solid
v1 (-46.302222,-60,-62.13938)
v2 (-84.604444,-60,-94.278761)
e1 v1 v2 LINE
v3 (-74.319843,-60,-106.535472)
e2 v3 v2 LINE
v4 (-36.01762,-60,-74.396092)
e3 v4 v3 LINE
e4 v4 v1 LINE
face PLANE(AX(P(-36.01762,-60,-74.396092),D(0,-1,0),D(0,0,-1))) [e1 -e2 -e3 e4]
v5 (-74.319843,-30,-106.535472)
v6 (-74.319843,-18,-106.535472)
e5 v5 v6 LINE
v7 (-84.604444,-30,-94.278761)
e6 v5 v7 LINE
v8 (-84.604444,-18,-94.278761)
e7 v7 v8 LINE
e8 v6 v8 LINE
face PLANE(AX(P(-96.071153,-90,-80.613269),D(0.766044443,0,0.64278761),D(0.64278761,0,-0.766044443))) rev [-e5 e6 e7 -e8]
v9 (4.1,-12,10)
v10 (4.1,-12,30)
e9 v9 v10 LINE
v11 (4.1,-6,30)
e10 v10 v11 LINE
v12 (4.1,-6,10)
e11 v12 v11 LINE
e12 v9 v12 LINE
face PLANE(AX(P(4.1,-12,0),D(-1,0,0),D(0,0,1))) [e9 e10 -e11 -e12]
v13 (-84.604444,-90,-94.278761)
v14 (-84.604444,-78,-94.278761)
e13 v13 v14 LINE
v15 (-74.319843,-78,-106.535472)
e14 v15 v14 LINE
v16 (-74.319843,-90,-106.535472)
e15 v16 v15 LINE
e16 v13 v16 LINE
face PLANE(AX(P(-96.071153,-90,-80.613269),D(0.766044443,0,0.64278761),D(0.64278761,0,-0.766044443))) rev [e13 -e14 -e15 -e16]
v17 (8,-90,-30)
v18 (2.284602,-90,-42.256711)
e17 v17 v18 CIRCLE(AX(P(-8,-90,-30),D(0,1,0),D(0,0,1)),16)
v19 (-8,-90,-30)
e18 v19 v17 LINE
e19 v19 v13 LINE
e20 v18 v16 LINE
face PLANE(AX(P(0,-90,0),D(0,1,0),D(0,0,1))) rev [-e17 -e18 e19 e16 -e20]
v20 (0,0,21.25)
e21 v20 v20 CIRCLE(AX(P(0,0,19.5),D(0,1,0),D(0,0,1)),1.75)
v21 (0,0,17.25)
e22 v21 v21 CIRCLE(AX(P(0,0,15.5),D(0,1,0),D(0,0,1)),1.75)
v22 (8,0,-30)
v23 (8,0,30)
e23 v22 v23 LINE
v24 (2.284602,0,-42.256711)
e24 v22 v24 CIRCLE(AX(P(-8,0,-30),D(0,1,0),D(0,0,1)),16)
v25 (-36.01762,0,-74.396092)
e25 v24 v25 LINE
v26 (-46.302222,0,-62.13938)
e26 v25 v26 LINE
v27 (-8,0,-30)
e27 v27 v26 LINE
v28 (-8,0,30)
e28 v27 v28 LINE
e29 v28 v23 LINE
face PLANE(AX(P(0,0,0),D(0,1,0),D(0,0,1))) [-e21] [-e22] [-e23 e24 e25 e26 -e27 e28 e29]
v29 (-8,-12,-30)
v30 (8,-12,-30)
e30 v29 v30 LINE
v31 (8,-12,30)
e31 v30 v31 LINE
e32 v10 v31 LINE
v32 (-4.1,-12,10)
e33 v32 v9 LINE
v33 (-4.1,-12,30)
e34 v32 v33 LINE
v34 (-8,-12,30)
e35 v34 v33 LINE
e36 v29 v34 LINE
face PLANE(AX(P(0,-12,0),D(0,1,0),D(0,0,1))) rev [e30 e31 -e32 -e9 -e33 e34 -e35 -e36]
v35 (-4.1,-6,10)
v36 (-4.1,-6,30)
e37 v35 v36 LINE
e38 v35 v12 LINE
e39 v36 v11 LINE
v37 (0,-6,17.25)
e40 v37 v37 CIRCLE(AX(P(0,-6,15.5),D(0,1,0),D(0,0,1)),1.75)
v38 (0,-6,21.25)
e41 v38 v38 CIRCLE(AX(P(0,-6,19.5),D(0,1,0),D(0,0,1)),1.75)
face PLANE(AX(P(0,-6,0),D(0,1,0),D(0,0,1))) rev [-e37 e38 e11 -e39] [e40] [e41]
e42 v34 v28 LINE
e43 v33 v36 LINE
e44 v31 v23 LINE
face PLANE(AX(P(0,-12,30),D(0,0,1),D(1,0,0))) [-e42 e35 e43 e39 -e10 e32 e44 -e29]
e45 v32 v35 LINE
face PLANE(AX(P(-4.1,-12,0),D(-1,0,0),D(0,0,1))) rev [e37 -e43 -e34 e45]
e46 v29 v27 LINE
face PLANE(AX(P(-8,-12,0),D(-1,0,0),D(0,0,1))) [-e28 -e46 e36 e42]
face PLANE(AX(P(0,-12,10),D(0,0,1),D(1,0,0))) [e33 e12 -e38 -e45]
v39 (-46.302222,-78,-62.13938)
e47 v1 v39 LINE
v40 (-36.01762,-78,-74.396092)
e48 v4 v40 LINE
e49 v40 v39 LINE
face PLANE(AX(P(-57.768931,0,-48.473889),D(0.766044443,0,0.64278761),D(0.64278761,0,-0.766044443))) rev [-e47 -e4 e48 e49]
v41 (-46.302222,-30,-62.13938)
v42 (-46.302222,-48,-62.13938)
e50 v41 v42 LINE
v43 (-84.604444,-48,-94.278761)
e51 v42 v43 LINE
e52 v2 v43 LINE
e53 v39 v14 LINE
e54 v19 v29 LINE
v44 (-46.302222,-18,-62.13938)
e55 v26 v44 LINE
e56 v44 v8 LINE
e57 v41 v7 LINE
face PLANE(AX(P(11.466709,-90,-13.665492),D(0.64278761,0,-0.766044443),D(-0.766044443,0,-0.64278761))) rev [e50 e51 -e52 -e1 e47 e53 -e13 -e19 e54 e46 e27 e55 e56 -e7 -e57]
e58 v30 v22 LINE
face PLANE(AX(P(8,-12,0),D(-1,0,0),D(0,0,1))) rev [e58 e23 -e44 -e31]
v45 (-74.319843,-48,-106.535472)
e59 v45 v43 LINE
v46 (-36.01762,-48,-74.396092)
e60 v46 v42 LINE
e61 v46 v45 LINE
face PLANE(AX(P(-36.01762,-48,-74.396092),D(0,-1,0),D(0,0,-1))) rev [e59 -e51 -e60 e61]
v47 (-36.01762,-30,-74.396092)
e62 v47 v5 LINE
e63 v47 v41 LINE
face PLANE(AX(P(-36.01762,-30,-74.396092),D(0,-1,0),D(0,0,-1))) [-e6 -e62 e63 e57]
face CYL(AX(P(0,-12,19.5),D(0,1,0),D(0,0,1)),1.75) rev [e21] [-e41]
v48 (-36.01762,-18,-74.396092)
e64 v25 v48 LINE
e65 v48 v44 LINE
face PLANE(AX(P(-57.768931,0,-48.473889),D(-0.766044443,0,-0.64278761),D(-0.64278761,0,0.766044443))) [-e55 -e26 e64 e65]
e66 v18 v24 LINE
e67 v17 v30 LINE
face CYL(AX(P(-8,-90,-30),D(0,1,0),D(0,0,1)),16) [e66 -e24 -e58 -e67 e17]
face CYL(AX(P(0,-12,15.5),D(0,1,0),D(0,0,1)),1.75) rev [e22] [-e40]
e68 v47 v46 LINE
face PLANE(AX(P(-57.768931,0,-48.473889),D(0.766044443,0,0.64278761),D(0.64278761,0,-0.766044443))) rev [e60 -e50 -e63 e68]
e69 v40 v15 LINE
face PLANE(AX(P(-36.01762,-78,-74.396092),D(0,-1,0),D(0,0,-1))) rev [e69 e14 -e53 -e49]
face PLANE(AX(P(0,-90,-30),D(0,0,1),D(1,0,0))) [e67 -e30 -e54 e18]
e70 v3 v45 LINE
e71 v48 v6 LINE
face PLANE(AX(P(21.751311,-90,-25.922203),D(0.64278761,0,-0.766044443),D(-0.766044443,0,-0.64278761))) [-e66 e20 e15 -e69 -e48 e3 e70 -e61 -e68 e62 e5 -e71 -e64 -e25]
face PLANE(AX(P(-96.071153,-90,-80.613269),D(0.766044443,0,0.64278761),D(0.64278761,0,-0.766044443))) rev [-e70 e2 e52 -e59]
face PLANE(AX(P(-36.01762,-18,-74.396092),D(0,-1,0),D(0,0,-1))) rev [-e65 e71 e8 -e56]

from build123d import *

# Parameters (mm, degrees)
SKETCH_1_W          = 16
SKETCH_1_H          = 60
EXTRUDE_1_DEPTH     = 12
EXTRUDE_2_DEPTH     = 90
SKETCH_3_W          = 16
SKETCH_3_H          = 18
CUT_EXTRUDE_2_DEPTH = 50
CUT_EXTRUDE_START   = -6
CUT_EXTRUDE_3_DEPTH = 6
SKETCH_2_4_R        = 1.75
CUT_EXTRUDE_4_DEPTH = 12


with BuildPart() as part:
    # 草图1 → 凸台-拉伸1 (new body)
    with BuildSketch(Plane(origin=(0, 0, 0), x_dir=(1, 0, 0), z_dir=(0, 1, 0))):
        Rectangle(SKETCH_1_W, SKETCH_1_H)
    extrude(amount=-EXTRUDE_1_DEPTH)

    # 草图1<4> → 凸台-拉伸2 (add)
    with BuildSketch(Plane(origin=(0, 0, 0), x_dir=(1, 0, 0), z_dir=(0, 1, 0))):
        with BuildLine():
            Line((-84.604444312, 94.278760969), (-8, 30))
            Line((-8, 30), (8, 30))
            ThreePointArc((8, 30), (6.500924593, 36.761892188), (2.284601755, 42.25671109))
            Line((2.284601755, 42.25671109), (-74.319842557, 106.535472059))
            Line((-74.319842557, 106.535472059), (-84.604444312, 94.278760969))
        make_face()
    extrude(amount=-EXTRUDE_2_DEPTH)

    # 草图3 → 切除-拉伸2 (cut)
    with BuildSketch(Plane(origin=(-96.071153318, 0, -80.613269316), x_dir=(-0.6427876096865492, 0, 0.7660444431189698), z_dir=(-0.7660444431189698, 0, -0.6427876096865492))):
        with Locations((-25.839032416, -9)):
            Rectangle(SKETCH_3_W, SKETCH_3_H)
        with Locations((-25.839032416, -39)):
            Rectangle(SKETCH_3_W, SKETCH_3_H)
        with Locations((-25.839032416, -69)):
            Rectangle(SKETCH_3_W, SKETCH_3_H)
    extrude(amount=-CUT_EXTRUDE_2_DEPTH, mode=Mode.SUBTRACT)

    # 草图2 → 切除-拉伸3 (cut)
    with BuildSketch(Plane(origin=(0, 0, 0), x_dir=(1, 0, 0), z_dir=(0, 1, 0)).offset(CUT_EXTRUDE_START)):
        Polygon((-4.1, -30), (0, -30), (4.1, -30), (4.1, -10), (-4.1, -10), align=None)
        with BuildLine():
            ThreePointArc((1.75, -19.5), (1.237436867, -20.737436867), (0, -21.25))
            ThreePointArc((0, -21.25), (-1.75, -19.5), (0, -17.75))
            ThreePointArc((0, -17.75), (1.237436867, -18.262563133), (1.75, -19.5))
        make_face(mode=Mode.SUBTRACT)
        with BuildLine():
            ThreePointArc((1.75, -15.5), (1.237436867, -16.737436867), (0, -17.25))
            ThreePointArc((0, -17.25), (-1.237436867, -14.262563133), (1.75, -15.5))
        make_face(mode=Mode.SUBTRACT)
    extrude(amount=-CUT_EXTRUDE_3_DEPTH, mode=Mode.SUBTRACT)

    # 草图2<4> → 切除-拉伸4 (cut)
    with BuildSketch(Plane(origin=(0, 0, 0), x_dir=(1, 0, 0), z_dir=(0, 1, 0))):
        with Locations((0, -15.5)):
            Circle(SKETCH_2_4_R)
        with Locations((0, -19.5)):
            Circle(SKETCH_2_4_R)
    extrude(amount=-CUT_EXTRUDE_4_DEPTH, mode=Mode.SUBTRACT)


solid = part.part
